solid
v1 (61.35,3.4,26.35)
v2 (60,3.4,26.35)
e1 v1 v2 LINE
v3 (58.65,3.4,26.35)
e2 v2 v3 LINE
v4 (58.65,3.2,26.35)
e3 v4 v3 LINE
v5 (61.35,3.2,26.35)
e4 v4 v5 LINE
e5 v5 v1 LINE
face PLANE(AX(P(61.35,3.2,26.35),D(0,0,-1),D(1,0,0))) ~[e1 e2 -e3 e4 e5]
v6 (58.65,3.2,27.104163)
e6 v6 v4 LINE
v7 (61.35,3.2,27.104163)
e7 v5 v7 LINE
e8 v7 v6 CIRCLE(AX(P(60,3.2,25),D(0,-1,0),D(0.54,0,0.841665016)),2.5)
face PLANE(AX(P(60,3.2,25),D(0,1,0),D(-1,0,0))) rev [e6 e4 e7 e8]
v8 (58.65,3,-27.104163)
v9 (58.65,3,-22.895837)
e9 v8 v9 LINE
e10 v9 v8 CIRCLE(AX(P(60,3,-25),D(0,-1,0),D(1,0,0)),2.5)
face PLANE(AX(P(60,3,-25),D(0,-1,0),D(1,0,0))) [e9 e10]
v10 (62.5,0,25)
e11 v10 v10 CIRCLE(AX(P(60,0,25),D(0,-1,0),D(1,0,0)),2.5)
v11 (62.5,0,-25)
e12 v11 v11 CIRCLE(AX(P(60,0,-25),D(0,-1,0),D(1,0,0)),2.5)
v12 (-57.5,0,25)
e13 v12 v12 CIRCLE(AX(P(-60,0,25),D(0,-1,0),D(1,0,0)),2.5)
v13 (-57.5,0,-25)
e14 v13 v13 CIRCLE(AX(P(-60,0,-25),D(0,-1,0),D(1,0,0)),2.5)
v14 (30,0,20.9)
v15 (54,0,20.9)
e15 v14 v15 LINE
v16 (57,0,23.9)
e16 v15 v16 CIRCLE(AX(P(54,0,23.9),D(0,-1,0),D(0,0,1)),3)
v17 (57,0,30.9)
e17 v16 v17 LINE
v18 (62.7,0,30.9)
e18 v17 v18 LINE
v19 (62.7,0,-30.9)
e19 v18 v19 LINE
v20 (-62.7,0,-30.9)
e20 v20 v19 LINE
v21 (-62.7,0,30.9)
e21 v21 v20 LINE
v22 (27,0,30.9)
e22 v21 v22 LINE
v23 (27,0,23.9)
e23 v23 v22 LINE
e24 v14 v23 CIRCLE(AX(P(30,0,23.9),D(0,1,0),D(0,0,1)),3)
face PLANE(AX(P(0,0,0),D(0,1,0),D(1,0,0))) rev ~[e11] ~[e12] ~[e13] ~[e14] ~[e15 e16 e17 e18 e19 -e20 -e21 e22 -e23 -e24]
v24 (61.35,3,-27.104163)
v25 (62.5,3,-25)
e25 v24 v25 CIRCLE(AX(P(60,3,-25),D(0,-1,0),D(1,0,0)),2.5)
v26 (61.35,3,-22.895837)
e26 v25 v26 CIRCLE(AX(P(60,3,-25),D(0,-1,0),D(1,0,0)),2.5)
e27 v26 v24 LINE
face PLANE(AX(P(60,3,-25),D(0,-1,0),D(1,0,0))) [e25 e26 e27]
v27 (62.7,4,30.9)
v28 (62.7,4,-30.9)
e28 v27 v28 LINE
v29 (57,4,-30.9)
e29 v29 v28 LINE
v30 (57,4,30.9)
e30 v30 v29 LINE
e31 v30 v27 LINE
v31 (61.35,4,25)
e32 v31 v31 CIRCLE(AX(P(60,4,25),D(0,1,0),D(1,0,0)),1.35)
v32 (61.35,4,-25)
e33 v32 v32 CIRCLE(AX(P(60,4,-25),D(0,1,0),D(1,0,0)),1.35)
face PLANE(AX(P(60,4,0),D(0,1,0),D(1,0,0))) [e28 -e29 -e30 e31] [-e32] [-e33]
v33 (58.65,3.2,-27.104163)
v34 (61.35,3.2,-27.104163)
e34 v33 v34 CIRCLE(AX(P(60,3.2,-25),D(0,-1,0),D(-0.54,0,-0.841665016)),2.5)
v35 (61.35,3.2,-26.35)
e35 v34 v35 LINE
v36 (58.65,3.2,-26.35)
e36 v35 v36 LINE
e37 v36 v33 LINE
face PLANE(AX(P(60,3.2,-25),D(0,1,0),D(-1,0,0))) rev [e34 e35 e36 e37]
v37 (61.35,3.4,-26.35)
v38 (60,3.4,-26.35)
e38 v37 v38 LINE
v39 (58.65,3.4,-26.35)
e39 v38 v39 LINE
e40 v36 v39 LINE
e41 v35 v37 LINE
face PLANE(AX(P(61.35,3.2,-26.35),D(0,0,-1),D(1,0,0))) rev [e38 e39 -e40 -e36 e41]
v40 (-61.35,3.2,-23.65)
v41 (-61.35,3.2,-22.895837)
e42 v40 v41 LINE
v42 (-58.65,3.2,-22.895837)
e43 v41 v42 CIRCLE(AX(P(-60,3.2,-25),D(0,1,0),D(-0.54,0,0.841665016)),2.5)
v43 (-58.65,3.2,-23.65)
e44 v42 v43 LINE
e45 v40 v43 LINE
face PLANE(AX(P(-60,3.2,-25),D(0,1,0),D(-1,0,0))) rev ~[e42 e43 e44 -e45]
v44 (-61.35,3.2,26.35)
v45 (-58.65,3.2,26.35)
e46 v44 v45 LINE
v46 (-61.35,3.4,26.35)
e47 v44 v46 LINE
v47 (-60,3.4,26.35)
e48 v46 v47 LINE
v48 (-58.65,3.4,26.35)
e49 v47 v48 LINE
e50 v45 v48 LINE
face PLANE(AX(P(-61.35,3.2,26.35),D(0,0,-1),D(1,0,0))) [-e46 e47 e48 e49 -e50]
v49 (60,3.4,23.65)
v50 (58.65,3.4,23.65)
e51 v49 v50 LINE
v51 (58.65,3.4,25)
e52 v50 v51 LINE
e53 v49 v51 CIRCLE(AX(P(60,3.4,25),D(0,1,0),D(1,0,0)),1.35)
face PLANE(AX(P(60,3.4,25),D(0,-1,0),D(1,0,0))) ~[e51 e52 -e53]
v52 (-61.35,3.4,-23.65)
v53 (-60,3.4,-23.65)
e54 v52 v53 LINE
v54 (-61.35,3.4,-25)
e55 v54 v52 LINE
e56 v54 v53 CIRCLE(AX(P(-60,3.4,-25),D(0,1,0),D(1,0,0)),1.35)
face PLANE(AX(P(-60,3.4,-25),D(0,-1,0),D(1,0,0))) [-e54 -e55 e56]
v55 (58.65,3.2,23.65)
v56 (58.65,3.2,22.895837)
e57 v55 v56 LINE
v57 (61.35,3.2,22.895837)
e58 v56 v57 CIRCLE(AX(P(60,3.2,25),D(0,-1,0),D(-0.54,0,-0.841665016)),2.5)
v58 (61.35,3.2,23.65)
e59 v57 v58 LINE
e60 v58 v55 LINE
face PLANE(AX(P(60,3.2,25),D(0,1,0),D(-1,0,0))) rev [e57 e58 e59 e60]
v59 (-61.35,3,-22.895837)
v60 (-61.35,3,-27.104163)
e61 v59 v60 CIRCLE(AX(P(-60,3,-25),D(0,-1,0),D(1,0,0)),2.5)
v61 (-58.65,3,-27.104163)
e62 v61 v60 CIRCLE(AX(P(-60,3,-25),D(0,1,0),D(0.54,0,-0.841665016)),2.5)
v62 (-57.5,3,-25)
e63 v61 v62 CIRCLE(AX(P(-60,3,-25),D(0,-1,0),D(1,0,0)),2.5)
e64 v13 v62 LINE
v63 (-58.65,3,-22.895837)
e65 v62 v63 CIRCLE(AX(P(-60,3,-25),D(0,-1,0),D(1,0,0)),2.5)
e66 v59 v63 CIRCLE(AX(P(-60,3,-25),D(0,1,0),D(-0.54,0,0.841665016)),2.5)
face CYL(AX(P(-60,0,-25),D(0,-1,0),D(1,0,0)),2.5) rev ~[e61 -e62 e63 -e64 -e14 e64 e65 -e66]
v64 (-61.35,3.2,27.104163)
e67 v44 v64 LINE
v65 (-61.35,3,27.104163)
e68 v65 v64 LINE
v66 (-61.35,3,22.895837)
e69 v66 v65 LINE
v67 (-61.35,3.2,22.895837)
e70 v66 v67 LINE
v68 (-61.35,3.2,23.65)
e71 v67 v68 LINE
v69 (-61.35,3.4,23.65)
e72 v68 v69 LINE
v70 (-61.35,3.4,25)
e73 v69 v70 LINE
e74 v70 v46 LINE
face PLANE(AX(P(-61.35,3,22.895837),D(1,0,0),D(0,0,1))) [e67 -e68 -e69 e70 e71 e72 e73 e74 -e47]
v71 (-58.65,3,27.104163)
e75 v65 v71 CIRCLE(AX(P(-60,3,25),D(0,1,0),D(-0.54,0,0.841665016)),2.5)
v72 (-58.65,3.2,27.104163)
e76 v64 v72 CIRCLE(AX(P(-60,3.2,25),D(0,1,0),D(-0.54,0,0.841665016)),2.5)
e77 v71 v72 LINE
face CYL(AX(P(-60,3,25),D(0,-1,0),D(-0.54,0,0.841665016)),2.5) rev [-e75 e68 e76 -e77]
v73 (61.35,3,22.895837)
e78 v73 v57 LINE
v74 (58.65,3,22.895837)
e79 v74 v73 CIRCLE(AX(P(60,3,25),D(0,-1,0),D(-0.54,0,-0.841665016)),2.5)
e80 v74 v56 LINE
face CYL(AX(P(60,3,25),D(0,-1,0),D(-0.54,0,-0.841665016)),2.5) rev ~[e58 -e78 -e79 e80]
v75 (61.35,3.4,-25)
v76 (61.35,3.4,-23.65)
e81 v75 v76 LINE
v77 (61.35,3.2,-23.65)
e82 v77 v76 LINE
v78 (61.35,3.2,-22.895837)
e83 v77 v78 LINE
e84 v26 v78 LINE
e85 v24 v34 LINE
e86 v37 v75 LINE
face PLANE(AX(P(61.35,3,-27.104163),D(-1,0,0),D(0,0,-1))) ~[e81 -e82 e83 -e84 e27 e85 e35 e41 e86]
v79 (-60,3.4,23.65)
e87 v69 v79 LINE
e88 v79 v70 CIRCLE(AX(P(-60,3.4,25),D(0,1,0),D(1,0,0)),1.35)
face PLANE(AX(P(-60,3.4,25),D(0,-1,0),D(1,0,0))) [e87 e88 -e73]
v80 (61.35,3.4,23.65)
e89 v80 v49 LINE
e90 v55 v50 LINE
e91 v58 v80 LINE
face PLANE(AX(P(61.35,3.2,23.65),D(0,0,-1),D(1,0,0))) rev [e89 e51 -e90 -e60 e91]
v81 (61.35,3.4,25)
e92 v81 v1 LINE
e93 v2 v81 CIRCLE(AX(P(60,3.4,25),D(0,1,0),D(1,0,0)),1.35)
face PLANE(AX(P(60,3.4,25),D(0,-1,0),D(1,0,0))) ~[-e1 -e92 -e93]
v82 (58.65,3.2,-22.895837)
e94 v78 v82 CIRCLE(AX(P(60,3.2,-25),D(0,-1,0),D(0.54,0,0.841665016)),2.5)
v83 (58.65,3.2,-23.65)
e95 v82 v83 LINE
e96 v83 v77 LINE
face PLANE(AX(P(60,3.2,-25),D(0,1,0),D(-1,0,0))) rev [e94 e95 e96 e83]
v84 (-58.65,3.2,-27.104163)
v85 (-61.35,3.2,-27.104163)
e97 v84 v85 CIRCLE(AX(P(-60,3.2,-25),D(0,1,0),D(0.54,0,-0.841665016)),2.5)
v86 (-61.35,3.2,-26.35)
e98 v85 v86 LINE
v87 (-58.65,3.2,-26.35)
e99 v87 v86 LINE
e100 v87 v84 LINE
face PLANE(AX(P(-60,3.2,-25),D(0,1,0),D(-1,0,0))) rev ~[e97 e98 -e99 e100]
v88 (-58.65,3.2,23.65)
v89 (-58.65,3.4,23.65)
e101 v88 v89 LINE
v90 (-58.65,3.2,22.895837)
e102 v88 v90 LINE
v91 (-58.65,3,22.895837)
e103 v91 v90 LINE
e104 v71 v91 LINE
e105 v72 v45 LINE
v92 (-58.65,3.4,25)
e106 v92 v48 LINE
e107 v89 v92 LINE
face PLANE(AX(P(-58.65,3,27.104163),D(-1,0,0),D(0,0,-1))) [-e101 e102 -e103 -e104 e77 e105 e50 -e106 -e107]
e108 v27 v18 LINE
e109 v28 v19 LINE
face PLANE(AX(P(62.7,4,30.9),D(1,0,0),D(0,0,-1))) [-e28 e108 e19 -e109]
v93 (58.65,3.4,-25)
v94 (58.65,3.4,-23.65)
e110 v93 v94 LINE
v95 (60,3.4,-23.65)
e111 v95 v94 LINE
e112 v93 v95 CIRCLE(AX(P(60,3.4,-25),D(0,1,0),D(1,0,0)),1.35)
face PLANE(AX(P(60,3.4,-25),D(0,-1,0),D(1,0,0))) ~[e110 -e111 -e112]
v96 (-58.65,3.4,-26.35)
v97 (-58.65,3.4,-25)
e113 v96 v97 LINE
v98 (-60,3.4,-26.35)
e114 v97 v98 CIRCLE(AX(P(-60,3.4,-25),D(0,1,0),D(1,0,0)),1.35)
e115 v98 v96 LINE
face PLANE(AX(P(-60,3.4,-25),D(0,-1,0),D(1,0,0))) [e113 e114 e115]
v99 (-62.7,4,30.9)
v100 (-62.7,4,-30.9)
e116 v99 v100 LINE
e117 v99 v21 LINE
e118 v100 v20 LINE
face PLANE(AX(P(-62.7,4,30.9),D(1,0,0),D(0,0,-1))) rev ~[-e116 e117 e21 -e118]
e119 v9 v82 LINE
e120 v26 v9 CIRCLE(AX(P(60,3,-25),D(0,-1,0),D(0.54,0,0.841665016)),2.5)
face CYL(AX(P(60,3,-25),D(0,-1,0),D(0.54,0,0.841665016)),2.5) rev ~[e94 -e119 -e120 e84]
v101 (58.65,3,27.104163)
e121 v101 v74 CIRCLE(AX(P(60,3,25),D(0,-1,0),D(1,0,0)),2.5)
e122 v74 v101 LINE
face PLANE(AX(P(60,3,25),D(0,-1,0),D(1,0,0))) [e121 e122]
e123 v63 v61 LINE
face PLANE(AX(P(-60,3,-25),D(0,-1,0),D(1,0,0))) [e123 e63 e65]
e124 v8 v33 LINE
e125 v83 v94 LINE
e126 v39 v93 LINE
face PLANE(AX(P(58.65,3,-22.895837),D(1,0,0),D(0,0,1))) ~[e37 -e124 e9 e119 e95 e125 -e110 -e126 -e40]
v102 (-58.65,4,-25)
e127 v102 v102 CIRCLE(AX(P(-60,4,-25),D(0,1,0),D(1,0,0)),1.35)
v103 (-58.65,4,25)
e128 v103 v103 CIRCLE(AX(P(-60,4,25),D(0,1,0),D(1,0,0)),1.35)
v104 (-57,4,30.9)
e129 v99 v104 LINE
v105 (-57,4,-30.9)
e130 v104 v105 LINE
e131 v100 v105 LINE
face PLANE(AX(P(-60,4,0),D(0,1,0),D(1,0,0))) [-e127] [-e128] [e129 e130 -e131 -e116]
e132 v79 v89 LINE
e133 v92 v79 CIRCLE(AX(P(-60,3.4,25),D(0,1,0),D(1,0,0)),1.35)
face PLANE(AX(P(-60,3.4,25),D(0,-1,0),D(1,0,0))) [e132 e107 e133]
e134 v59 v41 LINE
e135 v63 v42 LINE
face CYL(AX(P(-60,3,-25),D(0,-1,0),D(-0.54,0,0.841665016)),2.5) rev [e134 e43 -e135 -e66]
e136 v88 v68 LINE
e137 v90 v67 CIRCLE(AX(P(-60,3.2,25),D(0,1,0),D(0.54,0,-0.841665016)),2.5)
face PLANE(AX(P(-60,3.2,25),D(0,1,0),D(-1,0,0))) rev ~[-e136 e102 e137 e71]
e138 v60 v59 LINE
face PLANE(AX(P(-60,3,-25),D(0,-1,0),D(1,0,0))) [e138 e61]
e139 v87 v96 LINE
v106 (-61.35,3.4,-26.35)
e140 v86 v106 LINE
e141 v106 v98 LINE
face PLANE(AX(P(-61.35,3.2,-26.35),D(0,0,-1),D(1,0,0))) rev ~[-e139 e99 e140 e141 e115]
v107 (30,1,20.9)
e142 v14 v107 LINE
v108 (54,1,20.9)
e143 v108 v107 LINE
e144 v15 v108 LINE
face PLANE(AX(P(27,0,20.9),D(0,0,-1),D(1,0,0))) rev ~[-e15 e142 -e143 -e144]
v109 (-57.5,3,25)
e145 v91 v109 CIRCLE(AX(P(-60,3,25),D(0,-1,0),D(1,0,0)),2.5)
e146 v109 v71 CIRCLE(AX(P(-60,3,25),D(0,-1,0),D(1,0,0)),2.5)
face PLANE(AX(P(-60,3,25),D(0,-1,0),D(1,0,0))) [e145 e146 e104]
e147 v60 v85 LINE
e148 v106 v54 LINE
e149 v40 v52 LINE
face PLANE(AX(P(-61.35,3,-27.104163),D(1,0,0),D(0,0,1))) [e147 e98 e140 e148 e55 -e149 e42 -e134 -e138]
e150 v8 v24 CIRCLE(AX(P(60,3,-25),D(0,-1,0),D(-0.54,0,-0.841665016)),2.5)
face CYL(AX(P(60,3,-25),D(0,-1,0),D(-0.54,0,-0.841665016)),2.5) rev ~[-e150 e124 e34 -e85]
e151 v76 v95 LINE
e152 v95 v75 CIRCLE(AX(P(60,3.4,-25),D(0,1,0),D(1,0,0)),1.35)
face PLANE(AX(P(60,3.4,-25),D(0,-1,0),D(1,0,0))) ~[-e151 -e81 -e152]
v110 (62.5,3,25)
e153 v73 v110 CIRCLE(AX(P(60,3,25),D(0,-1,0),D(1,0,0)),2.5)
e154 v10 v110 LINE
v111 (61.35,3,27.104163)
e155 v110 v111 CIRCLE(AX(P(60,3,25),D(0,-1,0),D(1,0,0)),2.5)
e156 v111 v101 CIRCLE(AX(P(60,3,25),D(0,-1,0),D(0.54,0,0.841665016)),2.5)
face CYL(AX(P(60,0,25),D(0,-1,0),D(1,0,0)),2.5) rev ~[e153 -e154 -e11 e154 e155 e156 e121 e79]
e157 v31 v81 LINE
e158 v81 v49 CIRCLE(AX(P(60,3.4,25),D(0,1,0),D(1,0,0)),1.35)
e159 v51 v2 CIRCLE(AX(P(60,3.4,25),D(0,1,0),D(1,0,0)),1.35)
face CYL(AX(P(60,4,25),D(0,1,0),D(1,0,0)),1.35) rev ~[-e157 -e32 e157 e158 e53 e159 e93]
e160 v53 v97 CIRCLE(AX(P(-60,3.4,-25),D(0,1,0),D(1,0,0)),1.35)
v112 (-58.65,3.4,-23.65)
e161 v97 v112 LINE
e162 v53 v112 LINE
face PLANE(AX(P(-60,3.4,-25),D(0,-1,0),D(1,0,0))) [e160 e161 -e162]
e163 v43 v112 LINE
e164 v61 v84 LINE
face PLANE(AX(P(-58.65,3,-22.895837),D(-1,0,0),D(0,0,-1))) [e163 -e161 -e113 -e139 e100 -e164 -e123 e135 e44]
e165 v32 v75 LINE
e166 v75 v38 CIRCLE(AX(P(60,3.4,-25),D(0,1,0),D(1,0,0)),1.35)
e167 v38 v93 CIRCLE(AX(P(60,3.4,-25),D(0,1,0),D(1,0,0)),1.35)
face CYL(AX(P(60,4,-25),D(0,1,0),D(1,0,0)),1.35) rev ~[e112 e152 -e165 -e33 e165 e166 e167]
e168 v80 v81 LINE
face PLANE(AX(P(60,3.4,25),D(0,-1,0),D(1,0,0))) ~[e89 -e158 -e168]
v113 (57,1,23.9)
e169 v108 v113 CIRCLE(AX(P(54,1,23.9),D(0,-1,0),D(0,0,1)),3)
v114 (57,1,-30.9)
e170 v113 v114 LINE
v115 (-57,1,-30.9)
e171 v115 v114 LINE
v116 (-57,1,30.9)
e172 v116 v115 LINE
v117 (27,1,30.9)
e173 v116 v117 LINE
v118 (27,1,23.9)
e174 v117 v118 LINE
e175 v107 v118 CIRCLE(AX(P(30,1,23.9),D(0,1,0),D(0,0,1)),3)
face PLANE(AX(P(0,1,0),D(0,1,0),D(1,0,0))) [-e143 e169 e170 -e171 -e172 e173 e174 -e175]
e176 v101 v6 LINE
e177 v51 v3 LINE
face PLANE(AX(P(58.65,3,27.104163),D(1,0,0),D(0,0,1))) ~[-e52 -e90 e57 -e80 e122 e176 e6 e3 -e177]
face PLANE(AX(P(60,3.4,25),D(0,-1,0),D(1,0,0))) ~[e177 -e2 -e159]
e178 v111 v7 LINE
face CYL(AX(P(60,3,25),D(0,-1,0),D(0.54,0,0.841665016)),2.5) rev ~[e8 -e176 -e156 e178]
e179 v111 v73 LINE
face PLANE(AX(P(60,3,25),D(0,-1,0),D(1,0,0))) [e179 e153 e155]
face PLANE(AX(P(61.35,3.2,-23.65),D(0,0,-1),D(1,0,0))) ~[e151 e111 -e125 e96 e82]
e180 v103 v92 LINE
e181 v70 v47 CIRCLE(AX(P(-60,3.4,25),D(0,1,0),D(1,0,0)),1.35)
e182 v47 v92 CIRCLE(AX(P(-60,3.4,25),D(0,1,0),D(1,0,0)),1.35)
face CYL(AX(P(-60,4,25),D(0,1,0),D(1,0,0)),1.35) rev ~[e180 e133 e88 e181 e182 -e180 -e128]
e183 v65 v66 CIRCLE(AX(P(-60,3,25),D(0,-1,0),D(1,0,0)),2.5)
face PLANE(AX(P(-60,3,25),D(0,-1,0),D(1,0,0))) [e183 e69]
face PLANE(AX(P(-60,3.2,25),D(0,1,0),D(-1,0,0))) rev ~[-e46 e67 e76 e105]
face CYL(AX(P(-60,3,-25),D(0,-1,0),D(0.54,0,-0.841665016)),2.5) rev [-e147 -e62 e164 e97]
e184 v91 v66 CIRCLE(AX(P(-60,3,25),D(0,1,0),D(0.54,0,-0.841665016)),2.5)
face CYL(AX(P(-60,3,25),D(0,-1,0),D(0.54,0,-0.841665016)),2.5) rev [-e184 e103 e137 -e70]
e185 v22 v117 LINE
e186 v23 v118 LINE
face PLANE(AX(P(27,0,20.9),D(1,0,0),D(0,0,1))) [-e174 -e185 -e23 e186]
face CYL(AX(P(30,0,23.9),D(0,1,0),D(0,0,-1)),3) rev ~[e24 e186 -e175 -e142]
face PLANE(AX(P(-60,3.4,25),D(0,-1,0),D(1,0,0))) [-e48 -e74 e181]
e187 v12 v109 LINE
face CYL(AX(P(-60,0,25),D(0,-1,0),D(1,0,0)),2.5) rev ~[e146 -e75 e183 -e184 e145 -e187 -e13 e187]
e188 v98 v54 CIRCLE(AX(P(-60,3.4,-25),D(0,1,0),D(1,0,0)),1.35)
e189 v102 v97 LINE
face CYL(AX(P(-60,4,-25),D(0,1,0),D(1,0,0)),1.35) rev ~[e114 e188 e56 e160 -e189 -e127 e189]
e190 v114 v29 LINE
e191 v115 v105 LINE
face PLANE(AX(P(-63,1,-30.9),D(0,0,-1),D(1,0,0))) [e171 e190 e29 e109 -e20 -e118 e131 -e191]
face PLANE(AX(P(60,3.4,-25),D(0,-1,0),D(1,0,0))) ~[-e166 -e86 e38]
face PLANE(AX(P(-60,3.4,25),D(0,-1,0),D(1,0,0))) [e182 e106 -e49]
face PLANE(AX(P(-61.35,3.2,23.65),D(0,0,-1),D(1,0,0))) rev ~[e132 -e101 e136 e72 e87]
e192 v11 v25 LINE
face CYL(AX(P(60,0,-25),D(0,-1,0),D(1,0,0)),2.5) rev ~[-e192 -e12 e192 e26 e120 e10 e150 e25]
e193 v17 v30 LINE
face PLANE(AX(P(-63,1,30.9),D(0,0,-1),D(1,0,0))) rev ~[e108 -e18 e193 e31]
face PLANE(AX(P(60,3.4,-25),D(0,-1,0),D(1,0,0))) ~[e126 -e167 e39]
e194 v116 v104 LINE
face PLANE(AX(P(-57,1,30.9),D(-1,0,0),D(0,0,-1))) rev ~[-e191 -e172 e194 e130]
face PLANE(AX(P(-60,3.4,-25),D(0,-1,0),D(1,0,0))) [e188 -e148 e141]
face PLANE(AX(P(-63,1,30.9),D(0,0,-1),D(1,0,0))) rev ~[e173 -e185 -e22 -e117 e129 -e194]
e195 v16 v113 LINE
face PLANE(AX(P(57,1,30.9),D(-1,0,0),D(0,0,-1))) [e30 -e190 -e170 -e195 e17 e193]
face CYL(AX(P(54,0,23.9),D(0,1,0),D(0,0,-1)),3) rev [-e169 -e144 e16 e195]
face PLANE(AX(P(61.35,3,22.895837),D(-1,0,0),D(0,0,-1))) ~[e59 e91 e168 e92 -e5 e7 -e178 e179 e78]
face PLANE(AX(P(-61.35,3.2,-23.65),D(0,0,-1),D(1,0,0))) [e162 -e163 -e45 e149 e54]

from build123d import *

# Parameters (mm, degrees)
SKETCH1_W           = 126
SKETCH1_H           = 61.8
BOSS_EXTRUDE1_DEPTH = 1
SKETCH2_W           = 6
SKETCH2_H           = 61.8
BOSS_EXTRUDE2_DEPTH = 3
SKETCH3_R           = 1.35
CUT_EXTRUDE1_DEPTH  = 5
SKETCH4_R           = 2.5
CUT_EXTRUDE2_DEPTH  = 3
SKETCH5_W           = 30
SKETCH5_H           = 10
CUT_EXTRUDE3_DEPTH  = 5
FILLET1_R           = 3
CUT_EXTRUDE4_DEPTH  = 0.2
SKETCH7_W           = 2.7
SKETCH7_H           = 2.7
CUT_EXTRUDE5_DEPTH  = 0.2
SKETCH8_W           = 0.3
SKETCH8_H           = 61.8
CUT_EXTRUDE6_DEPTH  = 5


with BuildPart() as part:
    # Sketch1 → Boss-Extrude1 (new body)
    with BuildSketch(Plane(origin=(0, 0, 0), x_dir=(1, 0, 0), z_dir=(0, 1, 0))):
        Rectangle(SKETCH1_W, SKETCH1_H)
    extrude(amount=BOSS_EXTRUDE1_DEPTH)

    # Sketch2 → Boss-Extrude2 (add)
    with BuildSketch(Plane(origin=(0, 1, 0), x_dir=(1, 0, 0), z_dir=(0, 1, 0))):
        with Locations((-60, 0)):
            Rectangle(SKETCH2_W, SKETCH2_H)
        with Locations((60, 0)):
            Rectangle(SKETCH2_W, SKETCH2_H)
    extrude(amount=BOSS_EXTRUDE2_DEPTH)

    # Sketch3 → Cut-Extrude1 (cut, through all)
    with BuildSketch(Plane(origin=(0, 4, 0), x_dir=(1, 0, 0), z_dir=(0, 1, 0))):
        with Locations((-60, 25)):
            Circle(SKETCH3_R)
        with Locations((-60, -25)):
            Circle(SKETCH3_R)
        with Locations((60, -25)):
            Circle(SKETCH3_R)
        with Locations((60, 25)):
            Circle(SKETCH3_R)
    extrude(amount=-CUT_EXTRUDE1_DEPTH, mode=Mode.SUBTRACT)

    # Sketch4 → Cut-Extrude2 (cut)
    with BuildSketch(Plane.XZ):
        with Locations((60, -25)):
            Circle(SKETCH4_R)
        with Locations((60, 25)):
            Circle(SKETCH4_R)
        with Locations((-60, 25)):
            Circle(SKETCH4_R)
        with Locations((-60, -25)):
            Circle(SKETCH4_R)
    extrude(amount=-CUT_EXTRUDE2_DEPTH, mode=Mode.SUBTRACT)

    # Sketch5 → Cut-Extrude3 (cut, through all)
    with BuildSketch(Plane.XZ):
        with Locations((42, 25.9)):
            Rectangle(SKETCH5_W, SKETCH5_H)
    extrude(amount=-CUT_EXTRUDE3_DEPTH, mode=Mode.SUBTRACT)

    # Fillet1
    fillet1_edges = [part.edges().sort_by_distance(p)[0] for p in [
        (27, 0.5, 20.9),
        (57, 0.5, 20.9),
    ]]
    fillet(fillet1_edges, radius=FILLET1_R)

    # Sketch6 → Cut-Extrude4 (cut)
    with BuildSketch(Plane.XZ.offset(-3)):
        with BuildLine():
            Line((-61.35, 22.895837459), (-61.35, 27.104162541))
            ThreePointArc((-61.35, 27.104162541), (-60, 27.5), (-58.65, 27.104162541))
            Line((-58.65, 27.104162541), (-58.65, 22.895837459))
            ThreePointArc((-58.65, 22.895837459), (-60, 22.5), (-61.35, 22.895837459))
        make_face()
        with BuildLine():
            Line((-61.35, -27.104162541), (-61.35, -22.895837459))
            ThreePointArc((-61.35, -22.895837459), (-60, -22.5), (-58.65, -22.895837459))
            Line((-58.65, -22.895837459), (-58.65, -27.104162541))
            ThreePointArc((-58.65, -27.104162541), (-60, -27.5), (-61.35, -27.104162541))
        make_face()
    cut_extrude4 = extrude(amount=-CUT_EXTRUDE4_DEPTH, mode=Mode.SUBTRACT)

    # Sketch7 → Cut-Extrude5 (cut)
    with BuildSketch(Plane.XZ.offset(-3.2)):
        with Locations((-60, -25)):
            Rectangle(SKETCH7_W, SKETCH7_H)
        with Locations((-60, 25)):
            Rectangle(SKETCH7_W, SKETCH7_H)
    cut_extrude5 = extrude(amount=-CUT_EXTRUDE5_DEPTH, mode=Mode.SUBTRACT)

    # Mirror1: Cut-Extrude4, Cut-Extrude5 across plane
    add(cut_extrude4.mirror(Plane(origin=(0, 0, 0), x_dir=(0, 0, 1), z_dir=(1, 0, 0))), mode=Mode.SUBTRACT)
    add(cut_extrude5.mirror(Plane(origin=(0, 0, 0), x_dir=(0, 0, 1), z_dir=(1, 0, 0))), mode=Mode.SUBTRACT)

    # Sketch8 → Cut-Extrude6 (cut, through all)
    with BuildSketch(Plane(origin=(0, 4, 0), x_dir=(1, 0, 0), z_dir=(0, 1, 0))):
        with Locations((-62.85, 0)):
            Rectangle(SKETCH8_W, SKETCH8_H)
        with Locations((62.85, 0)):
            Rectangle(SKETCH8_W, SKETCH8_H)
    extrude(amount=-CUT_EXTRUDE6_DEPTH, mode=Mode.SUBTRACT)


solid = part.part
